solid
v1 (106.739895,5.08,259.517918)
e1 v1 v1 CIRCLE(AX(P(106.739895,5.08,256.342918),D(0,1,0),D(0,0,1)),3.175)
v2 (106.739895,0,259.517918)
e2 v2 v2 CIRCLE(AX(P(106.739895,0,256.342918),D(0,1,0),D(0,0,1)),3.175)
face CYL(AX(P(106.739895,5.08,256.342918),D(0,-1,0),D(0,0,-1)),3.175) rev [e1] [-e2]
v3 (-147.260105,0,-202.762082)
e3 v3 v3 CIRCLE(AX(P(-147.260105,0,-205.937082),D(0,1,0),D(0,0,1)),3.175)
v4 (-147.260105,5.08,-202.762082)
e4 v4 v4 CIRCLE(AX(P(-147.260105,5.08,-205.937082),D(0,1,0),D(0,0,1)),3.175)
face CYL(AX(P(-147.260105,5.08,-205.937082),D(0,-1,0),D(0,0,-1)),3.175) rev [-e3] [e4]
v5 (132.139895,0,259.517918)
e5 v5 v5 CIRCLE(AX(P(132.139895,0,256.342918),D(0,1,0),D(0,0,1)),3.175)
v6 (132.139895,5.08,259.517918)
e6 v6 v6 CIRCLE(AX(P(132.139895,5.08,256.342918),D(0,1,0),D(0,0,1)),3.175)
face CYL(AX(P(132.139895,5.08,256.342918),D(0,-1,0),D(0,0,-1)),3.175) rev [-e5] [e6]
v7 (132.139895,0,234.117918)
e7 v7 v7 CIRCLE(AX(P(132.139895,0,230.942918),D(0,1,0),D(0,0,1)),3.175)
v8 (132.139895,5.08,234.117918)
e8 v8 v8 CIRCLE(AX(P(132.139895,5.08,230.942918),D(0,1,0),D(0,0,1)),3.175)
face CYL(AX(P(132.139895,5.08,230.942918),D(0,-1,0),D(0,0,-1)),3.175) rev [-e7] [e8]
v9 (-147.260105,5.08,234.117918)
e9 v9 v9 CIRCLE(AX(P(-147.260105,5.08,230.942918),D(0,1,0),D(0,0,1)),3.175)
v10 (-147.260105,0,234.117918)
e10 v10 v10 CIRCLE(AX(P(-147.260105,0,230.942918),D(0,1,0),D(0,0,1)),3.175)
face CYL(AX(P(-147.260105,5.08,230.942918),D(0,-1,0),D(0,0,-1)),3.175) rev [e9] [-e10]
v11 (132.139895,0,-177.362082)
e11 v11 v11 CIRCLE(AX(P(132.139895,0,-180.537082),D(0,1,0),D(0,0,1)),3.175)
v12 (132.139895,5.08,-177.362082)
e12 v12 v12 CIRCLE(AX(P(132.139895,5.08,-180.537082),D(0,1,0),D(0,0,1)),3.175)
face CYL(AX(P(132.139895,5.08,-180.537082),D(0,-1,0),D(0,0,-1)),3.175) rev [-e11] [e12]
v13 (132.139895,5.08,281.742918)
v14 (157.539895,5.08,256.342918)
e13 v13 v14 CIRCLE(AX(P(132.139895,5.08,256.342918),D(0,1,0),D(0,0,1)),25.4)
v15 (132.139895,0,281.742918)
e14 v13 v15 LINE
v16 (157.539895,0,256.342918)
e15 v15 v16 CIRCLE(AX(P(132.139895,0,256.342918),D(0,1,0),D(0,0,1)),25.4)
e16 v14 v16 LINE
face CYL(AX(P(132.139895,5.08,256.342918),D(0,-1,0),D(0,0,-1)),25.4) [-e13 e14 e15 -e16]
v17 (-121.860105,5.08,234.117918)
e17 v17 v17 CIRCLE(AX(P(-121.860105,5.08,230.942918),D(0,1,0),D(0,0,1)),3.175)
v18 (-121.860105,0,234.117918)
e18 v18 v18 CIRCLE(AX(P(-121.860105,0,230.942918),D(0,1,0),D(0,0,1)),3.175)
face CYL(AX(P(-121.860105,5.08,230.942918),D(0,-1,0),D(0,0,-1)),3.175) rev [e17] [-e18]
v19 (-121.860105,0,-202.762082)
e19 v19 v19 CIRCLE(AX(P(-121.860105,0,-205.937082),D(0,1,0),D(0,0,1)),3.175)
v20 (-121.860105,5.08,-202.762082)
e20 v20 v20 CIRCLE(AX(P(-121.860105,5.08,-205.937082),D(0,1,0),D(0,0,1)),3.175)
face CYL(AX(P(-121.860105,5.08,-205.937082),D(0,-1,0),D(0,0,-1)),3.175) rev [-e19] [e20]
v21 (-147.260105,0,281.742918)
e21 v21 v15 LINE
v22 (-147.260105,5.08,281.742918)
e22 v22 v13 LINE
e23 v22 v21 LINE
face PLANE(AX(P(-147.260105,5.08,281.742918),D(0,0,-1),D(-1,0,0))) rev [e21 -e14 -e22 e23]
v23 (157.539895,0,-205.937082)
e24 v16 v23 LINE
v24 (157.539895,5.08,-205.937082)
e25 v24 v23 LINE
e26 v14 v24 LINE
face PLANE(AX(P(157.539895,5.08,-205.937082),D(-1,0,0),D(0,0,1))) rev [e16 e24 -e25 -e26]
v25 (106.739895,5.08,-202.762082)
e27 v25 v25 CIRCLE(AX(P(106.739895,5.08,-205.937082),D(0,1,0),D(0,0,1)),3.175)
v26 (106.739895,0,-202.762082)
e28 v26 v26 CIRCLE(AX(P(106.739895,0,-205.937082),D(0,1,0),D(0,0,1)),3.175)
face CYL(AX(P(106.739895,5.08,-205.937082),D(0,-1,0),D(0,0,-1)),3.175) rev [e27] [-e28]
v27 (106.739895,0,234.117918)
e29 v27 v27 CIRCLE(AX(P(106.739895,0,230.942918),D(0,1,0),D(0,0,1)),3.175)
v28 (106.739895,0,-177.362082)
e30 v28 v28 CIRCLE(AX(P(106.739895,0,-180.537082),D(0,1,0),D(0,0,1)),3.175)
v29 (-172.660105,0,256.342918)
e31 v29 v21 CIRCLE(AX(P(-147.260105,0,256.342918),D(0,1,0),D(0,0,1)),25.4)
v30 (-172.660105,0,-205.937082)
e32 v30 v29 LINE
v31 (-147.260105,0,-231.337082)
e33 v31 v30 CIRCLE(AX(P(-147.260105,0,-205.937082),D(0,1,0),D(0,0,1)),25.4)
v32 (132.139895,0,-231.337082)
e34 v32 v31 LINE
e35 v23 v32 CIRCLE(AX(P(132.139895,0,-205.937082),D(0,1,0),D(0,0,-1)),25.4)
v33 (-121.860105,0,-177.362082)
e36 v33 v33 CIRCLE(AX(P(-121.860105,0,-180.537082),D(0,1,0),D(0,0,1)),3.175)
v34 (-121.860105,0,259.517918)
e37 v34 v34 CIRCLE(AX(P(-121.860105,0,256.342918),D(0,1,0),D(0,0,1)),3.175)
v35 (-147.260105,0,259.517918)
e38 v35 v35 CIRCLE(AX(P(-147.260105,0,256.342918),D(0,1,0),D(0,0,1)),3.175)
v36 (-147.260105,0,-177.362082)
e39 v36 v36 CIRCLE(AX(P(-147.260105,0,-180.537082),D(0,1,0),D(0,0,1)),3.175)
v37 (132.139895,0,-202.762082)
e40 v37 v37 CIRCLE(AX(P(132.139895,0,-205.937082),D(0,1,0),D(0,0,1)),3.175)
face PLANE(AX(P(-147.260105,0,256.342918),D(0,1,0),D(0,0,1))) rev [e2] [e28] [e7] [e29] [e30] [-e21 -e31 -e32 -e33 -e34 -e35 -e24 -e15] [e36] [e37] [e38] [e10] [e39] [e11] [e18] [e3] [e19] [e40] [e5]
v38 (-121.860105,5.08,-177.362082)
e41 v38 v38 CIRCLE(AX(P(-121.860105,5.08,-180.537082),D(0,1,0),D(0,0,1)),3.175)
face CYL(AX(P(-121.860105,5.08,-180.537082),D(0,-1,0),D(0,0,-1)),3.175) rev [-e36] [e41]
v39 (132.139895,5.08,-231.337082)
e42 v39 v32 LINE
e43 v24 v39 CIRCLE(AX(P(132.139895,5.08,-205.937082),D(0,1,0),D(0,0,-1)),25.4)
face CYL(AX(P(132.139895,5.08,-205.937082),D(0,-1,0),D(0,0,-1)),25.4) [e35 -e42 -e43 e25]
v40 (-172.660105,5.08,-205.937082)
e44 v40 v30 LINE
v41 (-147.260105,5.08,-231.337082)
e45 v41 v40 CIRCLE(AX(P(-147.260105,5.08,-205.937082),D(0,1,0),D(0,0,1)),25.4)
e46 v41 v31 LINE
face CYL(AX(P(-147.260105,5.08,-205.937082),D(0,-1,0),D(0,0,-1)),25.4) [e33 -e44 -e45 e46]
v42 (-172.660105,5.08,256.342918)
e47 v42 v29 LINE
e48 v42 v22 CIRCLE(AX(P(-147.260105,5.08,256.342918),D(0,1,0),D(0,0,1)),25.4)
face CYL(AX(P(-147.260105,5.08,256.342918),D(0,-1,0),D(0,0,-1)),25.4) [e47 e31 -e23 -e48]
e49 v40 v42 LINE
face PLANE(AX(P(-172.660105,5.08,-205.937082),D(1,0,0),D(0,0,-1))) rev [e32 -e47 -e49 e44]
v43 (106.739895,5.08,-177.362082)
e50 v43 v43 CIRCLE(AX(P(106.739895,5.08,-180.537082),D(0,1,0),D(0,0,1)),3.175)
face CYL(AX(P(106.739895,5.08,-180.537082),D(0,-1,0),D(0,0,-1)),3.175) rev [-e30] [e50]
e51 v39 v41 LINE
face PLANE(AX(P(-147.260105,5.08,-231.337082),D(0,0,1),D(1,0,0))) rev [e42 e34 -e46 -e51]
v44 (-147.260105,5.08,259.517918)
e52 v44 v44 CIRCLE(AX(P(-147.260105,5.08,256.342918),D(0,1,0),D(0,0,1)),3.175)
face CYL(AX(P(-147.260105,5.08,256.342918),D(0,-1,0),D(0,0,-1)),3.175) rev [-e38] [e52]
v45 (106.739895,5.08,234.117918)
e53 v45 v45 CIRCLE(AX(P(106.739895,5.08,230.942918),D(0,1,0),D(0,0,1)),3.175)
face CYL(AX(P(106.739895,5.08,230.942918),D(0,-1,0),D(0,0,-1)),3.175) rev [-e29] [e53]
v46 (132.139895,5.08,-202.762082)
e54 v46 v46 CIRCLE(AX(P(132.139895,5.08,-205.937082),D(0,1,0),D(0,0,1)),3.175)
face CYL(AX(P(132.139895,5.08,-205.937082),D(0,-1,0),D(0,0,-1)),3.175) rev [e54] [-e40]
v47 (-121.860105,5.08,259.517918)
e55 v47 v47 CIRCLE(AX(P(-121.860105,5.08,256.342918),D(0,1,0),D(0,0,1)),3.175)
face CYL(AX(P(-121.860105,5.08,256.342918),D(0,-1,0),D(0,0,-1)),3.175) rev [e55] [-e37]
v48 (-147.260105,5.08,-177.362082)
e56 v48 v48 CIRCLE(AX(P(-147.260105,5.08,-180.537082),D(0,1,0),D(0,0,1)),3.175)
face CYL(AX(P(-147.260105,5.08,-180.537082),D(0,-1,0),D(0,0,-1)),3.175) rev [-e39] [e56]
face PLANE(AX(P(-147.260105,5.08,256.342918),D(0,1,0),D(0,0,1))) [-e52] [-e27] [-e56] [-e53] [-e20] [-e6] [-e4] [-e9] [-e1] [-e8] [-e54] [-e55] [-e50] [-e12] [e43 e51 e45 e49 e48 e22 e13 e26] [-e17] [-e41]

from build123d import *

# Parameters (mm, degrees)
SKETCH1_R           = 3.175
BOSS_EXTRUDE1_DEPTH = 5.08


with BuildPart() as part:
    # Sketch1 → Boss-Extrude1 (new body)
    with BuildSketch(Plane(origin=(0, 0, 0), x_dir=(1, 0, 0), z_dir=(0, 1, 0))):
        with BuildLine():
            Line((-147.260105464, 231.337081644), (132.139894536, 231.337081644))
            ThreePointArc((132.139894536, 231.337081644), (150.100406779, 223.897593887), (157.539894536, 205.937081644))
            Line((157.539894536, 205.937081644), (157.539894536, -256.342918356))
            ThreePointArc((157.539894536, -256.342918356), (150.100406779, -274.303430598), (132.139894536, -281.742918356))
            Line((132.139894536, -281.742918356), (-147.260105464, -281.742918356))
            ThreePointArc((-147.260105464, -281.742918356), (-165.220617706, -274.303430598), (-172.660105464, -256.342918356))
            Line((-172.660105464, -256.342918356), (-172.660105464, 205.937081644))
            ThreePointArc((-172.660105464, 205.937081644), (-165.220617706, 223.897593887), (-147.260105464, 231.337081644))
        make_face()
        with Locations((-147.260105464, 205.937081644)):
            Circle(SKETCH1_R, mode=Mode.SUBTRACT)
        with Locations((-121.860105464, 205.937081644)):
            Circle(SKETCH1_R, mode=Mode.SUBTRACT)
        with Locations((-121.860105464, 180.537081644)):
            Circle(SKETCH1_R, mode=Mode.SUBTRACT)
        with Locations((-147.260105464, 180.537081644)):
            Circle(SKETCH1_R, mode=Mode.SUBTRACT)
        with Locations((132.139894536, 180.537081644)):
            Circle(SKETCH1_R, mode=Mode.SUBTRACT)
        with Locations((106.739894536, 180.537081644)):
            Circle(SKETCH1_R, mode=Mode.SUBTRACT)
        with Locations((106.739894536, 205.937081644)):
            Circle(SKETCH1_R, mode=Mode.SUBTRACT)
        with Locations((132.139894536, 205.937081644)):
            Circle(SKETCH1_R, mode=Mode.SUBTRACT)
        with Locations((132.139894536, -256.342918356)):
            Circle(SKETCH1_R, mode=Mode.SUBTRACT)
        with Locations((106.739894536, -256.342918356)):
            Circle(SKETCH1_R, mode=Mode.SUBTRACT)
        with Locations((106.739894536, -230.942918356)):
            Circle(SKETCH1_R, mode=Mode.SUBTRACT)
        with Locations((132.139894536, -230.942918356)):
            Circle(SKETCH1_R, mode=Mode.SUBTRACT)
        with Locations((-121.860105464, -256.342918356)):
            Circle(SKETCH1_R, mode=Mode.SUBTRACT)
        with Locations((-147.260105464, -256.342918356)):
            Circle(SKETCH1_R, mode=Mode.SUBTRACT)
        with Locations((-147.260105464, -230.942918356)):
            Circle(SKETCH1_R, mode=Mode.SUBTRACT)
        with Locations((-121.860105464, -230.942918356)):
            Circle(SKETCH1_R, mode=Mode.SUBTRACT)
    extrude(amount=BOSS_EXTRUDE1_DEPTH)


solid = part.part
